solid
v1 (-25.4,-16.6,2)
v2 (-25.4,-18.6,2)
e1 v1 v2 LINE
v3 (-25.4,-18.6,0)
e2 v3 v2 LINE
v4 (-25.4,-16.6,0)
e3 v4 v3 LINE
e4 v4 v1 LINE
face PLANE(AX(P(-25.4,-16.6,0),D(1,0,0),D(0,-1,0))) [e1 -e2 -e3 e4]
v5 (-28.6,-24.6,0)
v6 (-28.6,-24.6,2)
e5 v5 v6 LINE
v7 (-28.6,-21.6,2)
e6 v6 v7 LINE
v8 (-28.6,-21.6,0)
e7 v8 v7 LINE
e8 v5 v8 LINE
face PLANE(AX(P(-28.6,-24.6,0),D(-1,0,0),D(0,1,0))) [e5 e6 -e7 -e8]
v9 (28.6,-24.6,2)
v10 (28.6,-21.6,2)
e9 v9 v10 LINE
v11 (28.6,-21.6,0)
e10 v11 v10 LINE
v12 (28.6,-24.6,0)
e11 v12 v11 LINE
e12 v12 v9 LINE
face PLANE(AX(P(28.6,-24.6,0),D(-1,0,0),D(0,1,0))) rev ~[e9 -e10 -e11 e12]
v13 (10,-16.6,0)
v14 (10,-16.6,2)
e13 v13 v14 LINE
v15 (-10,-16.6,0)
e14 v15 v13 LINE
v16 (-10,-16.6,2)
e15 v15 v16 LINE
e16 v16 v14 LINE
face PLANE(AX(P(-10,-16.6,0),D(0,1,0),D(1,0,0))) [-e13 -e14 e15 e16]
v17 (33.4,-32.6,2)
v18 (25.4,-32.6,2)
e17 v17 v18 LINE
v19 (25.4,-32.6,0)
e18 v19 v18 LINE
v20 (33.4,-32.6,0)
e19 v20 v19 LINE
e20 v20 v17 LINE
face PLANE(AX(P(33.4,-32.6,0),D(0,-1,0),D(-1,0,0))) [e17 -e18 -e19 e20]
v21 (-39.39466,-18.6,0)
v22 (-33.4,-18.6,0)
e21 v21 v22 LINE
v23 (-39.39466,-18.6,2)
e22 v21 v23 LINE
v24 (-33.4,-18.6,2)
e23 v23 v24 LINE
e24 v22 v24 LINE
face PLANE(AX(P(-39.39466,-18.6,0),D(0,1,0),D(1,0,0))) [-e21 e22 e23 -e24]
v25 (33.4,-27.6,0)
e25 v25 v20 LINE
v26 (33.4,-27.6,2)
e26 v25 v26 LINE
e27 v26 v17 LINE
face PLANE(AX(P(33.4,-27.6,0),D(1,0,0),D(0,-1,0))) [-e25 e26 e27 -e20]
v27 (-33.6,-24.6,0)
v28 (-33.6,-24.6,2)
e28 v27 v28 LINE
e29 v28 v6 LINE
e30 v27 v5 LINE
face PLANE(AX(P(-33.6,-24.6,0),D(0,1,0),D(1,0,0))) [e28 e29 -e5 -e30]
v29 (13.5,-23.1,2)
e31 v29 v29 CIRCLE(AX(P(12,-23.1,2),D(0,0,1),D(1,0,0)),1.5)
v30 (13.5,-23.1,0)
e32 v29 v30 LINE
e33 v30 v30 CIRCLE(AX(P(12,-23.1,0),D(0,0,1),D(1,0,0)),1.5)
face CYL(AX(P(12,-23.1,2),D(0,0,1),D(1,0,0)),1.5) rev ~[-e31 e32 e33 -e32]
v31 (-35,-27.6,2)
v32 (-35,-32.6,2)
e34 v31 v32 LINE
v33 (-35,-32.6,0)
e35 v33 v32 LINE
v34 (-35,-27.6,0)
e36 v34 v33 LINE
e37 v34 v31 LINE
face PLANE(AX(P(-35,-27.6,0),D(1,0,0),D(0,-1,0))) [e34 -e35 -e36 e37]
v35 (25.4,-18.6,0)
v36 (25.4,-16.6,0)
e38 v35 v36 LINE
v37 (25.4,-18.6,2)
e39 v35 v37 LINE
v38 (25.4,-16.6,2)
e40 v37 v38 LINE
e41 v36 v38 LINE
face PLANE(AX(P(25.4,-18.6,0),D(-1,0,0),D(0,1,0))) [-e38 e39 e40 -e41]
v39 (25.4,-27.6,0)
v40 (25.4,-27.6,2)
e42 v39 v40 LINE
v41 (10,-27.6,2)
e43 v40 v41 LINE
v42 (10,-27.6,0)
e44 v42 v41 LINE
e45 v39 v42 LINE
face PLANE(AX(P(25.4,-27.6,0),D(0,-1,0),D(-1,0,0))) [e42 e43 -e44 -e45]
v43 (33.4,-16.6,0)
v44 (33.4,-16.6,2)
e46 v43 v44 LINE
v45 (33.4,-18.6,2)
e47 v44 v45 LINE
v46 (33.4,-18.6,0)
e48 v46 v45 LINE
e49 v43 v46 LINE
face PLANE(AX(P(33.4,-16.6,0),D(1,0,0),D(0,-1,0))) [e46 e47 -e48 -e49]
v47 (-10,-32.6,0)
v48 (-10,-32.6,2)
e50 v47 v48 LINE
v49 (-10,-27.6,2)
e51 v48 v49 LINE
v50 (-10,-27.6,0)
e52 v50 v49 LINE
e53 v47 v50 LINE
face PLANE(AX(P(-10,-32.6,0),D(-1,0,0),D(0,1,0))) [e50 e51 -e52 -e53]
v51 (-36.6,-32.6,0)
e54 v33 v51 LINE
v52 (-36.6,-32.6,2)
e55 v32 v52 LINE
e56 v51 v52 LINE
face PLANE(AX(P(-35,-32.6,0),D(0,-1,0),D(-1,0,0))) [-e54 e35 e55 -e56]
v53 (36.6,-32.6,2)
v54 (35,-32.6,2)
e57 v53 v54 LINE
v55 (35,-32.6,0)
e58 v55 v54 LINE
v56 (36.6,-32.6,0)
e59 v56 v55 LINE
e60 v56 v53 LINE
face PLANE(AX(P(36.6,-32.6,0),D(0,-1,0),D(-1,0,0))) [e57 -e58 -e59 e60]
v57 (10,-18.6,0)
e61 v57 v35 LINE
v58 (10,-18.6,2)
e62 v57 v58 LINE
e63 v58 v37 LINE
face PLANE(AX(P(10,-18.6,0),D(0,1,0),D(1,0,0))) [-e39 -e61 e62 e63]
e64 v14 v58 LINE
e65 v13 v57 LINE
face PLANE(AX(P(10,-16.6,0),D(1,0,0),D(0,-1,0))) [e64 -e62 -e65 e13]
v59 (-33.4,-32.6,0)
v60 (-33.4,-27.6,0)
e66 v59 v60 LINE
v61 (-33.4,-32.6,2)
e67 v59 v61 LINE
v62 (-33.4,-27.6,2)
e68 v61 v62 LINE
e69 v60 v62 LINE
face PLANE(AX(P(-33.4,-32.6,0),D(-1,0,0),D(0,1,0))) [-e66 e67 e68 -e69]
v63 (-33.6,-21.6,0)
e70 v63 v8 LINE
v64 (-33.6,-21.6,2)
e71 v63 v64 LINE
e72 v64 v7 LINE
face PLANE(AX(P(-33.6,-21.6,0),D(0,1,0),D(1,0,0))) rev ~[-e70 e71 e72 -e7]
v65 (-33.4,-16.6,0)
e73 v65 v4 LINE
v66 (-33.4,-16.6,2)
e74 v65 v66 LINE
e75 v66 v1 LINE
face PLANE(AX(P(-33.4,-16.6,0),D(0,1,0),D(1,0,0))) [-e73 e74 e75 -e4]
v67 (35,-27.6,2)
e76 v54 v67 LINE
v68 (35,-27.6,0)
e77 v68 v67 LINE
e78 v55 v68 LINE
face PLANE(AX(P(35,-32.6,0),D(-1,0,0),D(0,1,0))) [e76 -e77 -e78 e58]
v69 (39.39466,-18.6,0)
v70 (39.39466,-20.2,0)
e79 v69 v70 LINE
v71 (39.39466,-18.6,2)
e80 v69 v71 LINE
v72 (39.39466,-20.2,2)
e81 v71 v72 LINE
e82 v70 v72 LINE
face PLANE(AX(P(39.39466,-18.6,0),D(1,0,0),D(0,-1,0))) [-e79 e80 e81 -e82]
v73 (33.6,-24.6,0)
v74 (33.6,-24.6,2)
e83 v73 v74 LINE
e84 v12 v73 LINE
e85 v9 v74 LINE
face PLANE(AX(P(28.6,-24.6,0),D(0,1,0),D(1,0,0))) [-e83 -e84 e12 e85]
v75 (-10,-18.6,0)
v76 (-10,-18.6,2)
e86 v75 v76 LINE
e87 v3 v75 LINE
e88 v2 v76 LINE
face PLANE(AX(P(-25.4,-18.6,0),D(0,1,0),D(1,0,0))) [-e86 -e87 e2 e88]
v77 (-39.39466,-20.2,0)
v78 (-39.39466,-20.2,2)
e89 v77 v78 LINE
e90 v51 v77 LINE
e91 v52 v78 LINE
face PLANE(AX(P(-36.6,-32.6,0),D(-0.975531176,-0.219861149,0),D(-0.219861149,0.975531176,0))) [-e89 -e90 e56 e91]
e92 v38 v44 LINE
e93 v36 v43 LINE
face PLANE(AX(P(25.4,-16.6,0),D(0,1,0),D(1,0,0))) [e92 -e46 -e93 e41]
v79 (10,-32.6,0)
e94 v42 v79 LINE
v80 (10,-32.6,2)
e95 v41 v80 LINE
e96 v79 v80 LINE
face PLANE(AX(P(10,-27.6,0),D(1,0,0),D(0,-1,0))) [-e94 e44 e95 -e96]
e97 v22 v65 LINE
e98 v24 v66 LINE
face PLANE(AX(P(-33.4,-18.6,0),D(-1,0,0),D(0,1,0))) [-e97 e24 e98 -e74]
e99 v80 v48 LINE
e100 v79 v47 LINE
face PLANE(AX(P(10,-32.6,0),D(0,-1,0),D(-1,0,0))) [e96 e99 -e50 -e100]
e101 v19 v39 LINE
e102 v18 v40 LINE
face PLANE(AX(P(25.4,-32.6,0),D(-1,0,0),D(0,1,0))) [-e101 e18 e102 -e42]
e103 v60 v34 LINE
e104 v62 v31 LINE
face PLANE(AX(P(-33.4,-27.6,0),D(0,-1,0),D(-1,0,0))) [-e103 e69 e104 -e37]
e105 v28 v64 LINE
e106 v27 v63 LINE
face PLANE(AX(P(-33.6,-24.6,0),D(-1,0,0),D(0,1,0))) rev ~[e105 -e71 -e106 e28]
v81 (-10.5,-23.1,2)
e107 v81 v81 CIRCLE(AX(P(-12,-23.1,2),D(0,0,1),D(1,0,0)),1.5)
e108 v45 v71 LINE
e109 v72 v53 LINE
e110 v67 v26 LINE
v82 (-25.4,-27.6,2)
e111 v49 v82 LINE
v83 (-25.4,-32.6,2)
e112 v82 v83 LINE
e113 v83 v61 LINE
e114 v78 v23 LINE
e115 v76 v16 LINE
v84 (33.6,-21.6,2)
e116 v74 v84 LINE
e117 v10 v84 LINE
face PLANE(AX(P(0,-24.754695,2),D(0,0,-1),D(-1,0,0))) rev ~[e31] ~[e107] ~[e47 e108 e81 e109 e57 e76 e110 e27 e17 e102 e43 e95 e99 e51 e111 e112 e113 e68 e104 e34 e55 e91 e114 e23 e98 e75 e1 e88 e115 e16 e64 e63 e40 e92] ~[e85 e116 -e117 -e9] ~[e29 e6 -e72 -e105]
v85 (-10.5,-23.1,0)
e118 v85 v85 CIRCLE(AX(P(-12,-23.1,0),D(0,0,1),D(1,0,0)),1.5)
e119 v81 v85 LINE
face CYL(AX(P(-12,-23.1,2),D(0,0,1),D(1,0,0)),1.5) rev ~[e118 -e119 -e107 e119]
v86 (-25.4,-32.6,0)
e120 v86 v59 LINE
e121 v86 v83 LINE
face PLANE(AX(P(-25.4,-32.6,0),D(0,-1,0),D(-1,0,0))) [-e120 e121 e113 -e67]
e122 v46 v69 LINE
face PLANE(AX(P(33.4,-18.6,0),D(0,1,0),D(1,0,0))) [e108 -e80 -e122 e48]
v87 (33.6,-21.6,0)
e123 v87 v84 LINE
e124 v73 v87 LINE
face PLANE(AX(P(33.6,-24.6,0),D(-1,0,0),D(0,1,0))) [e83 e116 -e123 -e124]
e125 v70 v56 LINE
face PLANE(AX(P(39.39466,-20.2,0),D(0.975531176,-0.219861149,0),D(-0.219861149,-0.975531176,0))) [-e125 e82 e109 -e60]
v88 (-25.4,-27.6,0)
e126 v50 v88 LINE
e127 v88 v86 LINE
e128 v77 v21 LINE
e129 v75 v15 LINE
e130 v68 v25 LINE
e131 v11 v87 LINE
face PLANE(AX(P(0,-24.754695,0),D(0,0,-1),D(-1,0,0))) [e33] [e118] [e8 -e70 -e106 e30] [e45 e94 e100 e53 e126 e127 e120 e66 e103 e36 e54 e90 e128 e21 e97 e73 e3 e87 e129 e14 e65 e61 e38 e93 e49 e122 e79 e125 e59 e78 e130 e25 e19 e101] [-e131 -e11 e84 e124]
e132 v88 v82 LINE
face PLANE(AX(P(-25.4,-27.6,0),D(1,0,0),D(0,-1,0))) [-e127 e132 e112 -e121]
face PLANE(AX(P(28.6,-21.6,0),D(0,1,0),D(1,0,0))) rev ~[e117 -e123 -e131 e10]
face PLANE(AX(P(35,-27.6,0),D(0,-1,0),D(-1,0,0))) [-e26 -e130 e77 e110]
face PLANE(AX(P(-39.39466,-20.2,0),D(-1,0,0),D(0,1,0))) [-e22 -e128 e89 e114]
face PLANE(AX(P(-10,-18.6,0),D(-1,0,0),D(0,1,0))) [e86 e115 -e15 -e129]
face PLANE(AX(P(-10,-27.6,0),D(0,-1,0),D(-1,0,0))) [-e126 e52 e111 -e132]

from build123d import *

# Parameters (mm, degrees)
SKETCH1_W           = 5
SKETCH1_H           = 3
BOSS_EXTRUDE1_DEPTH = 2
CUT_EXTRUDE1_REACH  = 53.173
SKETCH2_R           = 1.5


with BuildPart() as part:
    # Sketch1 → Boss-Extrude1 (new body)
    with BuildSketch(Plane.XY):
        Polygon((33.4, -27.6), (33.4, -32.6), (25.4, -32.6), (25.4, -27.6), (10, -27.6), (10, -32.6), (-10, -32.6), (-10, -27.6), (-25.4, -27.6), (-25.4, -32.6), (-33.4, -32.6), (-33.4, -27.6), (-35, -27.6), (-35, -32.6), (-36.6, -32.6), (-39.394660298, -20.2), (-39.394660298, -18.6), (-33.4, -18.6), (-33.4, -16.6), (-25.4, -16.6), (-25.4, -18.6), (-10, -18.6), (-10, -16.6), (10, -16.6), (10, -18.6), (25.4, -18.6), (25.4, -16.6), (33.4, -16.6), (33.4, -18.6), (39.394660298, -18.6), (39.394660298, -20.2), (36.6, -32.6), (35, -32.6), (35, -27.6), align=None)
        with Locations((31.1, -23.1)):
            Rectangle(SKETCH1_W, SKETCH1_H, mode=Mode.SUBTRACT)
        with Locations((-31.1, -23.1)):
            Rectangle(SKETCH1_W, SKETCH1_H, mode=Mode.SUBTRACT)
    extrude(amount=BOSS_EXTRUDE1_DEPTH)

    # Sketch2 → Cut-Extrude1 (cut, up to next)
    with BuildSketch(Plane.XY.offset(2), mode=Mode.PRIVATE) as cut_extrude1_sk1:
        with Locations((12, -23.1)):
            Circle(SKETCH2_R)
    cut_extrude1_tool1 = extrude(cut_extrude1_sk1.sketch, amount=-CUT_EXTRUDE1_REACH, mode=Mode.PRIVATE) & part.part
    # Sketch2 → Cut-Extrude1 (cut, up to next)
    with BuildSketch(Plane.XY.offset(2), mode=Mode.PRIVATE) as cut_extrude1_sk2:
        with Locations((-12, -23.1)):
            Circle(SKETCH2_R)
    cut_extrude1_tool2 = extrude(cut_extrude1_sk2.sketch, amount=-CUT_EXTRUDE1_REACH, mode=Mode.PRIVATE) & part.part
    add(cut_extrude1_tool1.solids().sort_by_distance((12, -23.1, 2))[0], mode=Mode.SUBTRACT)
    add(cut_extrude1_tool2.solids().sort_by_distance((-12, -23.1, 2))[0], mode=Mode.SUBTRACT)


solid = part.part
